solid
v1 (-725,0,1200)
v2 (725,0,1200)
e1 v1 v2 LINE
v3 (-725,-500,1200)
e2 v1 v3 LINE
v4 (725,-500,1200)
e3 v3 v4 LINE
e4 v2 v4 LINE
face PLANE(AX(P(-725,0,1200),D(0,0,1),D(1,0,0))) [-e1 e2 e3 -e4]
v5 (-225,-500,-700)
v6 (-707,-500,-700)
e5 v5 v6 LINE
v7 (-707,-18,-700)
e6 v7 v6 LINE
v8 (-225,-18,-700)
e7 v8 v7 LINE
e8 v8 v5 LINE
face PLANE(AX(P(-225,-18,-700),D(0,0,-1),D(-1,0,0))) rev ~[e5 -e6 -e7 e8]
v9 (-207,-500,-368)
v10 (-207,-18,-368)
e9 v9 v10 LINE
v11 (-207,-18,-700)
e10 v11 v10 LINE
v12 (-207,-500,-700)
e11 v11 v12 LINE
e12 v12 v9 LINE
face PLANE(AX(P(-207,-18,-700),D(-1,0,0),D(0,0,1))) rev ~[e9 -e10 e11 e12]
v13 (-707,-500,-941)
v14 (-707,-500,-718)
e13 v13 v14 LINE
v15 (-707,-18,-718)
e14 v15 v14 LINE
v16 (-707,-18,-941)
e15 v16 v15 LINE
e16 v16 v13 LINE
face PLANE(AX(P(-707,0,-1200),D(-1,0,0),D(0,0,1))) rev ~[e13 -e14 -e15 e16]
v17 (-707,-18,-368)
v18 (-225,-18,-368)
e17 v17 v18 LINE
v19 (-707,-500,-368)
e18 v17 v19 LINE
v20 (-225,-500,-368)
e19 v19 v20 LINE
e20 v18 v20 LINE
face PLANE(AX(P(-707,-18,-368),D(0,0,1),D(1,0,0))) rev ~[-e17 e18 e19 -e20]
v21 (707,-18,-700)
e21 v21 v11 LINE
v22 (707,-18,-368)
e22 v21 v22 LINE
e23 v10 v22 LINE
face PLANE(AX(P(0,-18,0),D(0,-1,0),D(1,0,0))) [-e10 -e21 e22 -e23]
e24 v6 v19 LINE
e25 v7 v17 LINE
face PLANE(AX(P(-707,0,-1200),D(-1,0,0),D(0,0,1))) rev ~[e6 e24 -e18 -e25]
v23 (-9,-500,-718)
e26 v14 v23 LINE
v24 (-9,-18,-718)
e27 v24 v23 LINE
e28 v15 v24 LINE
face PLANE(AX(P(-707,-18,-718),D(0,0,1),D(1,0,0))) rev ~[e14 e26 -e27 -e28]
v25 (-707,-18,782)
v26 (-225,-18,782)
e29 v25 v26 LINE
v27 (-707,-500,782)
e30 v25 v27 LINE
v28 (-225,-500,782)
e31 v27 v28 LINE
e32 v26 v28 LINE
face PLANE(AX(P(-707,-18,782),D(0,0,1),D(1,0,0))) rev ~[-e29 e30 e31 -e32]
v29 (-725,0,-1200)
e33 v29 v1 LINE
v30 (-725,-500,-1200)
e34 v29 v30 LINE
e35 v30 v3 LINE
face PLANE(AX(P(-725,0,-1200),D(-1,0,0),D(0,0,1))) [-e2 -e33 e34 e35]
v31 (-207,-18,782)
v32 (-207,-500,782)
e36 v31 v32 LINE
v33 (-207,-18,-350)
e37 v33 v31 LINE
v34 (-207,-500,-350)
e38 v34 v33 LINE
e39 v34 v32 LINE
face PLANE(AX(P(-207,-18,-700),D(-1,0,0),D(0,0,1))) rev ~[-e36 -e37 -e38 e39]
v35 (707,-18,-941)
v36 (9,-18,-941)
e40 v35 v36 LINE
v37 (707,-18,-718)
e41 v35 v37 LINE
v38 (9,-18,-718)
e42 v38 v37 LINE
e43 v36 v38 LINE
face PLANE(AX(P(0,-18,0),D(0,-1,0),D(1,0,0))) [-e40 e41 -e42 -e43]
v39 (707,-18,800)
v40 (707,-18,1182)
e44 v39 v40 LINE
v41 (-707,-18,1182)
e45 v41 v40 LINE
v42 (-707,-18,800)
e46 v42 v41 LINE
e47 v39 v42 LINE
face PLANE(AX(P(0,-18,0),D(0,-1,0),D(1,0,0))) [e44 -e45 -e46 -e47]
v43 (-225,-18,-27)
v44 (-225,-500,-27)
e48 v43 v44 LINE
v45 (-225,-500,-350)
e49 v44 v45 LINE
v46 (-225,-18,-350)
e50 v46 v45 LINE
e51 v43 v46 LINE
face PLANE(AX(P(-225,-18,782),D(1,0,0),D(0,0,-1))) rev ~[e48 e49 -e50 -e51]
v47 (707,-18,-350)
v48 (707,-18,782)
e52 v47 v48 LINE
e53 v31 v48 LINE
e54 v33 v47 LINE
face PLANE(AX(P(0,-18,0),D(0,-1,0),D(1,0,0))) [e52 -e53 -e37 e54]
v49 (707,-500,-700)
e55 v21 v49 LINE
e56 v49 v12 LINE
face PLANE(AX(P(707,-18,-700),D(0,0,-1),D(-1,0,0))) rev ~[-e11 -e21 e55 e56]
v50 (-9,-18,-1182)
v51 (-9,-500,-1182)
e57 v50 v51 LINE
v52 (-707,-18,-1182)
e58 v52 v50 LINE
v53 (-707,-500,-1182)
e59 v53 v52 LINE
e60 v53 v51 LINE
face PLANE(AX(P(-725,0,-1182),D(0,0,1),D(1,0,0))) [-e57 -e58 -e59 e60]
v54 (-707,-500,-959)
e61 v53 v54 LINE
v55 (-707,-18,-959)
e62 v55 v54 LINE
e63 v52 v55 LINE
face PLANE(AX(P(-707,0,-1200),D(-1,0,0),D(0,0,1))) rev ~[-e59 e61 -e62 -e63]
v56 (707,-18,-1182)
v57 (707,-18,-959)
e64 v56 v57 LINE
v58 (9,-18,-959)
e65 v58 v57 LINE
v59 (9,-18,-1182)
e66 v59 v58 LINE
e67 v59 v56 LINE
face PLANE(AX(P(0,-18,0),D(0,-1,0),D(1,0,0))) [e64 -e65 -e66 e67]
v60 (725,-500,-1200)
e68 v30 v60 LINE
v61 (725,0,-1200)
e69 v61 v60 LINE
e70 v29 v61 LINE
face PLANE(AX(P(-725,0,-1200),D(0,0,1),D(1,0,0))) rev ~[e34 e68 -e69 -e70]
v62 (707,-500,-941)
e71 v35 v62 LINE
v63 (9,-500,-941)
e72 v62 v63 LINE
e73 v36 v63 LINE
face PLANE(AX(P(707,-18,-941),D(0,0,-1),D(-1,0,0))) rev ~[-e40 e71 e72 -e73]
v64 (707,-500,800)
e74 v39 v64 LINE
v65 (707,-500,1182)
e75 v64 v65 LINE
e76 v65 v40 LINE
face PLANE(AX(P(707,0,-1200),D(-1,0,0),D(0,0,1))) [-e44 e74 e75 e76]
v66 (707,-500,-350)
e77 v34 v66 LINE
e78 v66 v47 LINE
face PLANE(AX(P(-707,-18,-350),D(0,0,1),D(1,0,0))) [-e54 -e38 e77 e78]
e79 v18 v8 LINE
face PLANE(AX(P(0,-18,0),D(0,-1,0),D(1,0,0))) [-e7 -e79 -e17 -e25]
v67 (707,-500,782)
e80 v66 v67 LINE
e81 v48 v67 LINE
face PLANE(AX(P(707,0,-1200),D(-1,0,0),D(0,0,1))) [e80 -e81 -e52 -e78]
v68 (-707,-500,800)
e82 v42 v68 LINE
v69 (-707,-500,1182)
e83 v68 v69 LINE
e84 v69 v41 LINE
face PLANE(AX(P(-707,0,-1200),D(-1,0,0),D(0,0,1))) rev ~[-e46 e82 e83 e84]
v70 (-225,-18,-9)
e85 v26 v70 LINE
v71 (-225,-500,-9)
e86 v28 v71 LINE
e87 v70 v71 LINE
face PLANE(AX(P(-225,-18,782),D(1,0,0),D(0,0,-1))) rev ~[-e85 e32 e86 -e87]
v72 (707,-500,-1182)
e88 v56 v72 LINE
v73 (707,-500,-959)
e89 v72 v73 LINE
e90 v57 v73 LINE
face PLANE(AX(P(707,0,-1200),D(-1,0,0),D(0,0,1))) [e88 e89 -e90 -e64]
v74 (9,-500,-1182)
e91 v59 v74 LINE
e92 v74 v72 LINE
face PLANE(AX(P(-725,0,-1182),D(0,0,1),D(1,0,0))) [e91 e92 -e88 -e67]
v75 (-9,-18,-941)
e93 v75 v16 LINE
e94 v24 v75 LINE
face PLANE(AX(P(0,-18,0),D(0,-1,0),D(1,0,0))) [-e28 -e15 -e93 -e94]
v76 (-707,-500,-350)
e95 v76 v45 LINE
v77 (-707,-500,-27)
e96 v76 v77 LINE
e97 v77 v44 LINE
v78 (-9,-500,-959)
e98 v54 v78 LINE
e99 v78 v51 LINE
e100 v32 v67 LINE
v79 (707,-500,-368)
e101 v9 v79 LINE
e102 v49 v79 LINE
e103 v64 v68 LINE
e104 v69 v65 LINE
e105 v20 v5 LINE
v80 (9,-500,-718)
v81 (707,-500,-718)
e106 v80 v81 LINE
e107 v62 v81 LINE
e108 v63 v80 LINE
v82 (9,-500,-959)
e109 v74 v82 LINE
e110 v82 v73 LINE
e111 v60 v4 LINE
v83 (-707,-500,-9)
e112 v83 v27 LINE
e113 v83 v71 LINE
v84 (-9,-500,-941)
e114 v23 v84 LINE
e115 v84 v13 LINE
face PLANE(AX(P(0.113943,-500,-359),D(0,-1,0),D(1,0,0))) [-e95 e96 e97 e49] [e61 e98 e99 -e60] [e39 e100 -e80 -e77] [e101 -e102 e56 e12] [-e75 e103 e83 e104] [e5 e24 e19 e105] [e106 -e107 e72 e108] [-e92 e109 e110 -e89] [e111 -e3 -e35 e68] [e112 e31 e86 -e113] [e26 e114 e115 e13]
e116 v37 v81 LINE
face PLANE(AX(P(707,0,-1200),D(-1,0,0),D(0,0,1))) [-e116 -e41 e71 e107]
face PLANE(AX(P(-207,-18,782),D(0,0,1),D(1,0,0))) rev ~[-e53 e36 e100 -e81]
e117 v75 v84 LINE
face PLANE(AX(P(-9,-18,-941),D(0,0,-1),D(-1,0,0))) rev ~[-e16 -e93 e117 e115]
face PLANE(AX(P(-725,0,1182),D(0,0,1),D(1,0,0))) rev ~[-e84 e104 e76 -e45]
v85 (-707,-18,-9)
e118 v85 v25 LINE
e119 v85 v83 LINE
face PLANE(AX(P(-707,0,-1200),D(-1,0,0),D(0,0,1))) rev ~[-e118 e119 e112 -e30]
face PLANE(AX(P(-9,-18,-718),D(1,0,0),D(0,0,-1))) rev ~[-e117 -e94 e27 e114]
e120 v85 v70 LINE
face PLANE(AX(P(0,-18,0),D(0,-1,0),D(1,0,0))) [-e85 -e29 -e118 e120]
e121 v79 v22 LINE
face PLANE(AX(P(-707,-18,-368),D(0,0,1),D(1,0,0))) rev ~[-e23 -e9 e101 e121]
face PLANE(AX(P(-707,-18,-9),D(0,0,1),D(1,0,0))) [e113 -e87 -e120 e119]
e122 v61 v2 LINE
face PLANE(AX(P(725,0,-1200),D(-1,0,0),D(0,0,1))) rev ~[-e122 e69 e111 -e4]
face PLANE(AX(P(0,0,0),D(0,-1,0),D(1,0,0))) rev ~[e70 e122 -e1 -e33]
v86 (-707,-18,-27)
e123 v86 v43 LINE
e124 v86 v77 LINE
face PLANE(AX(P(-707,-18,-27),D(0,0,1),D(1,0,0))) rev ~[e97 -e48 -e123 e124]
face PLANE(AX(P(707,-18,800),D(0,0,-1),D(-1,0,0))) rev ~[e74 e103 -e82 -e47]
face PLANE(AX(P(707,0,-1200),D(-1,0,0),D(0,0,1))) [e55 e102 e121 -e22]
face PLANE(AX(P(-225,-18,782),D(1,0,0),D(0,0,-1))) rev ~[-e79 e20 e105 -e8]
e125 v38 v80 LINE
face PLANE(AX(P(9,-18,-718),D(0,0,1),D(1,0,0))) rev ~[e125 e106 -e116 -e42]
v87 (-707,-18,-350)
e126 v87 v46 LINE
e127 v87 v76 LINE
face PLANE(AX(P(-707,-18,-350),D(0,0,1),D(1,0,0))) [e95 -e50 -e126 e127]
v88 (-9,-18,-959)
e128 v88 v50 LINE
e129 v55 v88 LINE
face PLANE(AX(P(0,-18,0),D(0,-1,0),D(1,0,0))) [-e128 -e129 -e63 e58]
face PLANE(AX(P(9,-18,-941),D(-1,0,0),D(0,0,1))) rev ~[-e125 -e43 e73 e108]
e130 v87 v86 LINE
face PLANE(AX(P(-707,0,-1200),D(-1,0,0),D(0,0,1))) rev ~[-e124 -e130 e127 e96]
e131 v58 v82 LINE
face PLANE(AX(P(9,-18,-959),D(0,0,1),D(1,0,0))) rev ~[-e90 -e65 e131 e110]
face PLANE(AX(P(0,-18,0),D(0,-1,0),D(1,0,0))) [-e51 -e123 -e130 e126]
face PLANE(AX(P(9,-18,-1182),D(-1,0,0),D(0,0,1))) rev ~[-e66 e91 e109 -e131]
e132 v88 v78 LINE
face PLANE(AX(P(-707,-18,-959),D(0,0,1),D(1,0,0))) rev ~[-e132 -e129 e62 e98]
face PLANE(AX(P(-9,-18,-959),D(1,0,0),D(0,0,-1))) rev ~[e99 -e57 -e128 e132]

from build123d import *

# Parameters (mm, degrees)
F0_W     = 1450
F0_H     = 2400
F1_DEPTH = 500
F2_T     = -18
F4_DEPTH = 482
F5_W     = 1414.227886
F5_H     = 18
F5_W_2   = 482
F6_DEPTH = 482


with BuildPart() as f1:
    # F0 (on Front) → F1 (new body)
    with BuildSketch(Plane.XZ):
        Rectangle(F0_W, F0_H)
    extrude(amount=F1_DEPTH)

    # F2
    f2_openings = [f1.faces().sort_by_distance(p)[0] for p in [
        (0, -500, 0),
    ]]
    offset(amount=F2_T, openings=f2_openings)

    # F3 (on face) → F4 (join)
    with BuildSketch(Plane.XZ.offset(18)):
        Polygon((707, 800), (-707, 800), (-707, 782), (-225, 782), (-225, -700), (-707, -700), (-707, -718), (-9, -718), (-9, -941), (-707, -941), (-707, -959), (-9, -959), (-9, -1182), (9, -1182), (9, -959), (707, -959), (707, -941), (9, -941), (9, -718), (707, -718), (707, -700), (-207, -700), (-207, 782), (707, 782), align=None)
    extrude(amount=F4_DEPTH)

    # F5 (on face) → F6 (join)
    with BuildSketch(Plane.XZ.offset(18)):
        with Locations((0.113943, -359)):
            Rectangle(F5_W, F5_H)
        with Locations((-466, -18)):
            Rectangle(F5_W_2, F5_H)
    extrude(amount=F6_DEPTH)


solid = f1.part
